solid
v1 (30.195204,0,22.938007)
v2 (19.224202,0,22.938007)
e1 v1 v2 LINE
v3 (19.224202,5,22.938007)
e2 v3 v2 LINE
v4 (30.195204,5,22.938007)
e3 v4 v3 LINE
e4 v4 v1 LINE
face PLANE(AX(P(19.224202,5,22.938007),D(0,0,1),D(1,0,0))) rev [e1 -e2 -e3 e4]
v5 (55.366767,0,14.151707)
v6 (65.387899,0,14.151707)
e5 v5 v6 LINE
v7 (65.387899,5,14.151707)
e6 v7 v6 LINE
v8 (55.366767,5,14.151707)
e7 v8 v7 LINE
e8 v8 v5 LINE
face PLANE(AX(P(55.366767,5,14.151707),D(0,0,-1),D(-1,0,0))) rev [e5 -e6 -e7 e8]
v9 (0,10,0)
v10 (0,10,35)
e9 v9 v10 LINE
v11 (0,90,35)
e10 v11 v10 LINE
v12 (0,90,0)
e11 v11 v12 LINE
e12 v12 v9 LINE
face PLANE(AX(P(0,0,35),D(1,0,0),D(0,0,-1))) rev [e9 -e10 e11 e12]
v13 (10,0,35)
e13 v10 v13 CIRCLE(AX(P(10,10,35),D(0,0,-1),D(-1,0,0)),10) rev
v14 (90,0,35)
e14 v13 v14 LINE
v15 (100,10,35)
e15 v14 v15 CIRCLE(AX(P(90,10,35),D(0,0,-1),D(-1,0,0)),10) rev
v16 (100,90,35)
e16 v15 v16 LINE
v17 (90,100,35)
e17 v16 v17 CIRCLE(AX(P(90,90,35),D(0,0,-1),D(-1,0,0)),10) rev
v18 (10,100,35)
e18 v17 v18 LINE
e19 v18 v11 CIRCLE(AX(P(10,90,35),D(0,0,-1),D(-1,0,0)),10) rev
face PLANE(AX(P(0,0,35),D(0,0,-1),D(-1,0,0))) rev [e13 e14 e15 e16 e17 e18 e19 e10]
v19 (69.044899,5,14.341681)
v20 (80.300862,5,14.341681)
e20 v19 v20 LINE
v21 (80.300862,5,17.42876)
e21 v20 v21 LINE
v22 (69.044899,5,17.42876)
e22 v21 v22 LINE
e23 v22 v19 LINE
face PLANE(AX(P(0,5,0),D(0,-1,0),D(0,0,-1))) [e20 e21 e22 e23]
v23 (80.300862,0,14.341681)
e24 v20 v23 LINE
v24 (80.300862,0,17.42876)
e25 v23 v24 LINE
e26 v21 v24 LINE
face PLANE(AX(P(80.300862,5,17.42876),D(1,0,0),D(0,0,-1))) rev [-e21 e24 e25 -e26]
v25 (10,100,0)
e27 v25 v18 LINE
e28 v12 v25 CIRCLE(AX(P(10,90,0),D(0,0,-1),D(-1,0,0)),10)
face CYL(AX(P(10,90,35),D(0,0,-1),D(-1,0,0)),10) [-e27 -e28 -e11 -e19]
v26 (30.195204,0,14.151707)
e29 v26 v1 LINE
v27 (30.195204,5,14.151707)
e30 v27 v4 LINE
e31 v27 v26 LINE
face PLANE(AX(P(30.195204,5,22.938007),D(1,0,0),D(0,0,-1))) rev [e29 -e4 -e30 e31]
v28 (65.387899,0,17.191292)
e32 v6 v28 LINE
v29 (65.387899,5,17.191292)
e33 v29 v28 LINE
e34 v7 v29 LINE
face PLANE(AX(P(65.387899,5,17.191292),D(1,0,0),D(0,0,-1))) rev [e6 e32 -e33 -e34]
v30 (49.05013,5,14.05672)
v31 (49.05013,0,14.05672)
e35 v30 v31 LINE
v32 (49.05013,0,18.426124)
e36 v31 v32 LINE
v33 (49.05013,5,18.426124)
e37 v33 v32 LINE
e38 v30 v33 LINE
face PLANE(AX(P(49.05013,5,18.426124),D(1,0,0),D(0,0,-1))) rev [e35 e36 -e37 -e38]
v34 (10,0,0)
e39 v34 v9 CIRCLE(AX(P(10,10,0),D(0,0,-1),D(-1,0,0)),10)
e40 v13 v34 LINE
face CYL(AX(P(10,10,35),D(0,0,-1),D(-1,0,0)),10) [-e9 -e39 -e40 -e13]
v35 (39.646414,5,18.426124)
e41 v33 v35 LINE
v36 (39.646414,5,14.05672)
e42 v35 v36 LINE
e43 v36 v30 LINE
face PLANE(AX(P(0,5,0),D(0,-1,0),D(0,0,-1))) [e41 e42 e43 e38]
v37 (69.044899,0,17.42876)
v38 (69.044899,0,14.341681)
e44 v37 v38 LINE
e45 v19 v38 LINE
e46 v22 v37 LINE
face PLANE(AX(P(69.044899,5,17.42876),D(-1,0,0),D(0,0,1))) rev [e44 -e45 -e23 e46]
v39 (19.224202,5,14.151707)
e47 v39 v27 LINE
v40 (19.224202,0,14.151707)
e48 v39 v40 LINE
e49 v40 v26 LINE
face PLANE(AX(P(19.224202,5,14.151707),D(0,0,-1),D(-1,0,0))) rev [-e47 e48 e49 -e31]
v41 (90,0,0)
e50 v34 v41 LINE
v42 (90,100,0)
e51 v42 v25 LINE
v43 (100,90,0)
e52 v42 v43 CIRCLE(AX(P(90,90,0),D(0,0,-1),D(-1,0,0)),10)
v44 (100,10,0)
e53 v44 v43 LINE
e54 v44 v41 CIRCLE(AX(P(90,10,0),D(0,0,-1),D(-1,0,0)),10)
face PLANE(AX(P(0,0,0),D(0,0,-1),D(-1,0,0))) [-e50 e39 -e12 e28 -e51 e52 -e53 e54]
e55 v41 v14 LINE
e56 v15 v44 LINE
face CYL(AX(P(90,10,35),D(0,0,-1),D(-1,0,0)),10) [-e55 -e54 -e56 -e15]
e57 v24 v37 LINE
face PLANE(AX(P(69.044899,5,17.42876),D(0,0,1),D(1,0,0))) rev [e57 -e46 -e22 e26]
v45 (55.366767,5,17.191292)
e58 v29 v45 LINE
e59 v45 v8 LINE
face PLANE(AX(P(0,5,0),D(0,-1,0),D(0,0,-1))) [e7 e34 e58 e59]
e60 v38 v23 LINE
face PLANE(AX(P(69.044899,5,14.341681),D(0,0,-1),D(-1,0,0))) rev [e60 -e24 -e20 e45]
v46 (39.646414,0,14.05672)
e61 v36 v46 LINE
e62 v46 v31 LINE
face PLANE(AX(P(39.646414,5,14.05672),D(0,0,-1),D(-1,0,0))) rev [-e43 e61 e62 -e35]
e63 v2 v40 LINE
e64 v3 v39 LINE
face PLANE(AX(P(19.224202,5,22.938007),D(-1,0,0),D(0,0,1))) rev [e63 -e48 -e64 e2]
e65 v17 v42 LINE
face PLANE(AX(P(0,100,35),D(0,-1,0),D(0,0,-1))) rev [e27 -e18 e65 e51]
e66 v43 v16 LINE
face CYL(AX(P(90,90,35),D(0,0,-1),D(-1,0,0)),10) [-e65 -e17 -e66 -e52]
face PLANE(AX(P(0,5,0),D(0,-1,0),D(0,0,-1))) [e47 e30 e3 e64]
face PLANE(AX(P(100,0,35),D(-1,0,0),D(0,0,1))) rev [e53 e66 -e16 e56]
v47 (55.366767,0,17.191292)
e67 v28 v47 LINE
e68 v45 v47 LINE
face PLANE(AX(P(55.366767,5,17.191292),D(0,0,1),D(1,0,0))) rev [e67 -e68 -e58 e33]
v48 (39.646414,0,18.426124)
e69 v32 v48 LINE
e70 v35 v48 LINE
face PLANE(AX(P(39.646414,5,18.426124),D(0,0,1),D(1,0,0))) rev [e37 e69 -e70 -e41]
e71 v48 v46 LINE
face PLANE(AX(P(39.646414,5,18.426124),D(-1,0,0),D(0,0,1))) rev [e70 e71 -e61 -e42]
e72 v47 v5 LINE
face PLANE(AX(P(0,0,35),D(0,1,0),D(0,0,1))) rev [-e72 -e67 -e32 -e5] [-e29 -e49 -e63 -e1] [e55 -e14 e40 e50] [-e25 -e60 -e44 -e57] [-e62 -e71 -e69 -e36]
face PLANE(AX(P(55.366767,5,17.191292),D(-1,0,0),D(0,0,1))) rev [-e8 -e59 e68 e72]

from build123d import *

# Parameters (mm, degrees)
SKETCH1_W           = 100
SKETCH1_H           = 100
BOSS_EXTRUDE1_DEPTH = 35
FILLET1_R           = 10
SKETCH2_W           = 9.403715906
SKETCH2_H           = 4.36940335
SKETCH2_W_2         = 10.971001891
SKETCH2_H_2         = 8.786300215
SKETCH2_W_3         = 11.255962979
SKETCH2_H_3         = 3.087078454
SKETCH2_W_4         = 10.021131597
SKETCH2_H_4         = 3.03958494
CUT_EXTRUDE1_DEPTH  = 5


with BuildPart() as part:
    # Sketch1 → Boss-Extrude1 (new body)
    with BuildSketch(Plane.XY):
        with Locations((50, 50)):
            Rectangle(SKETCH1_W, SKETCH1_H)
    extrude(amount=BOSS_EXTRUDE1_DEPTH)

    # Fillet1
    fillet1_edges = [part.edges().sort_by_distance(p)[0] for p in [
        (0, 100, 17.5),
        (100, 100, 17.5),
        (100, 0, 17.5),
        (0, 0, 17.5),
    ]]
    fillet(fillet1_edges, radius=FILLET1_R)

    # Sketch2 → Cut-Extrude1 (cut)
    with BuildSketch(Plane.XZ):
        with Locations((44.348271753, 16.241421861)):
            Rectangle(SKETCH2_W, SKETCH2_H)
        with Locations((24.709703434, 18.544857323)):
            Rectangle(SKETCH2_W_2, SKETCH2_H_2)
        with Locations((74.672880875, 15.885220501)):
            Rectangle(SKETCH2_W_3, SKETCH2_H_3)
        with Locations((60.377332957, 15.671499685)):
            Rectangle(SKETCH2_W_4, SKETCH2_H_4)
    extrude(amount=-CUT_EXTRUDE1_DEPTH, mode=Mode.SUBTRACT)


solid = part.part
